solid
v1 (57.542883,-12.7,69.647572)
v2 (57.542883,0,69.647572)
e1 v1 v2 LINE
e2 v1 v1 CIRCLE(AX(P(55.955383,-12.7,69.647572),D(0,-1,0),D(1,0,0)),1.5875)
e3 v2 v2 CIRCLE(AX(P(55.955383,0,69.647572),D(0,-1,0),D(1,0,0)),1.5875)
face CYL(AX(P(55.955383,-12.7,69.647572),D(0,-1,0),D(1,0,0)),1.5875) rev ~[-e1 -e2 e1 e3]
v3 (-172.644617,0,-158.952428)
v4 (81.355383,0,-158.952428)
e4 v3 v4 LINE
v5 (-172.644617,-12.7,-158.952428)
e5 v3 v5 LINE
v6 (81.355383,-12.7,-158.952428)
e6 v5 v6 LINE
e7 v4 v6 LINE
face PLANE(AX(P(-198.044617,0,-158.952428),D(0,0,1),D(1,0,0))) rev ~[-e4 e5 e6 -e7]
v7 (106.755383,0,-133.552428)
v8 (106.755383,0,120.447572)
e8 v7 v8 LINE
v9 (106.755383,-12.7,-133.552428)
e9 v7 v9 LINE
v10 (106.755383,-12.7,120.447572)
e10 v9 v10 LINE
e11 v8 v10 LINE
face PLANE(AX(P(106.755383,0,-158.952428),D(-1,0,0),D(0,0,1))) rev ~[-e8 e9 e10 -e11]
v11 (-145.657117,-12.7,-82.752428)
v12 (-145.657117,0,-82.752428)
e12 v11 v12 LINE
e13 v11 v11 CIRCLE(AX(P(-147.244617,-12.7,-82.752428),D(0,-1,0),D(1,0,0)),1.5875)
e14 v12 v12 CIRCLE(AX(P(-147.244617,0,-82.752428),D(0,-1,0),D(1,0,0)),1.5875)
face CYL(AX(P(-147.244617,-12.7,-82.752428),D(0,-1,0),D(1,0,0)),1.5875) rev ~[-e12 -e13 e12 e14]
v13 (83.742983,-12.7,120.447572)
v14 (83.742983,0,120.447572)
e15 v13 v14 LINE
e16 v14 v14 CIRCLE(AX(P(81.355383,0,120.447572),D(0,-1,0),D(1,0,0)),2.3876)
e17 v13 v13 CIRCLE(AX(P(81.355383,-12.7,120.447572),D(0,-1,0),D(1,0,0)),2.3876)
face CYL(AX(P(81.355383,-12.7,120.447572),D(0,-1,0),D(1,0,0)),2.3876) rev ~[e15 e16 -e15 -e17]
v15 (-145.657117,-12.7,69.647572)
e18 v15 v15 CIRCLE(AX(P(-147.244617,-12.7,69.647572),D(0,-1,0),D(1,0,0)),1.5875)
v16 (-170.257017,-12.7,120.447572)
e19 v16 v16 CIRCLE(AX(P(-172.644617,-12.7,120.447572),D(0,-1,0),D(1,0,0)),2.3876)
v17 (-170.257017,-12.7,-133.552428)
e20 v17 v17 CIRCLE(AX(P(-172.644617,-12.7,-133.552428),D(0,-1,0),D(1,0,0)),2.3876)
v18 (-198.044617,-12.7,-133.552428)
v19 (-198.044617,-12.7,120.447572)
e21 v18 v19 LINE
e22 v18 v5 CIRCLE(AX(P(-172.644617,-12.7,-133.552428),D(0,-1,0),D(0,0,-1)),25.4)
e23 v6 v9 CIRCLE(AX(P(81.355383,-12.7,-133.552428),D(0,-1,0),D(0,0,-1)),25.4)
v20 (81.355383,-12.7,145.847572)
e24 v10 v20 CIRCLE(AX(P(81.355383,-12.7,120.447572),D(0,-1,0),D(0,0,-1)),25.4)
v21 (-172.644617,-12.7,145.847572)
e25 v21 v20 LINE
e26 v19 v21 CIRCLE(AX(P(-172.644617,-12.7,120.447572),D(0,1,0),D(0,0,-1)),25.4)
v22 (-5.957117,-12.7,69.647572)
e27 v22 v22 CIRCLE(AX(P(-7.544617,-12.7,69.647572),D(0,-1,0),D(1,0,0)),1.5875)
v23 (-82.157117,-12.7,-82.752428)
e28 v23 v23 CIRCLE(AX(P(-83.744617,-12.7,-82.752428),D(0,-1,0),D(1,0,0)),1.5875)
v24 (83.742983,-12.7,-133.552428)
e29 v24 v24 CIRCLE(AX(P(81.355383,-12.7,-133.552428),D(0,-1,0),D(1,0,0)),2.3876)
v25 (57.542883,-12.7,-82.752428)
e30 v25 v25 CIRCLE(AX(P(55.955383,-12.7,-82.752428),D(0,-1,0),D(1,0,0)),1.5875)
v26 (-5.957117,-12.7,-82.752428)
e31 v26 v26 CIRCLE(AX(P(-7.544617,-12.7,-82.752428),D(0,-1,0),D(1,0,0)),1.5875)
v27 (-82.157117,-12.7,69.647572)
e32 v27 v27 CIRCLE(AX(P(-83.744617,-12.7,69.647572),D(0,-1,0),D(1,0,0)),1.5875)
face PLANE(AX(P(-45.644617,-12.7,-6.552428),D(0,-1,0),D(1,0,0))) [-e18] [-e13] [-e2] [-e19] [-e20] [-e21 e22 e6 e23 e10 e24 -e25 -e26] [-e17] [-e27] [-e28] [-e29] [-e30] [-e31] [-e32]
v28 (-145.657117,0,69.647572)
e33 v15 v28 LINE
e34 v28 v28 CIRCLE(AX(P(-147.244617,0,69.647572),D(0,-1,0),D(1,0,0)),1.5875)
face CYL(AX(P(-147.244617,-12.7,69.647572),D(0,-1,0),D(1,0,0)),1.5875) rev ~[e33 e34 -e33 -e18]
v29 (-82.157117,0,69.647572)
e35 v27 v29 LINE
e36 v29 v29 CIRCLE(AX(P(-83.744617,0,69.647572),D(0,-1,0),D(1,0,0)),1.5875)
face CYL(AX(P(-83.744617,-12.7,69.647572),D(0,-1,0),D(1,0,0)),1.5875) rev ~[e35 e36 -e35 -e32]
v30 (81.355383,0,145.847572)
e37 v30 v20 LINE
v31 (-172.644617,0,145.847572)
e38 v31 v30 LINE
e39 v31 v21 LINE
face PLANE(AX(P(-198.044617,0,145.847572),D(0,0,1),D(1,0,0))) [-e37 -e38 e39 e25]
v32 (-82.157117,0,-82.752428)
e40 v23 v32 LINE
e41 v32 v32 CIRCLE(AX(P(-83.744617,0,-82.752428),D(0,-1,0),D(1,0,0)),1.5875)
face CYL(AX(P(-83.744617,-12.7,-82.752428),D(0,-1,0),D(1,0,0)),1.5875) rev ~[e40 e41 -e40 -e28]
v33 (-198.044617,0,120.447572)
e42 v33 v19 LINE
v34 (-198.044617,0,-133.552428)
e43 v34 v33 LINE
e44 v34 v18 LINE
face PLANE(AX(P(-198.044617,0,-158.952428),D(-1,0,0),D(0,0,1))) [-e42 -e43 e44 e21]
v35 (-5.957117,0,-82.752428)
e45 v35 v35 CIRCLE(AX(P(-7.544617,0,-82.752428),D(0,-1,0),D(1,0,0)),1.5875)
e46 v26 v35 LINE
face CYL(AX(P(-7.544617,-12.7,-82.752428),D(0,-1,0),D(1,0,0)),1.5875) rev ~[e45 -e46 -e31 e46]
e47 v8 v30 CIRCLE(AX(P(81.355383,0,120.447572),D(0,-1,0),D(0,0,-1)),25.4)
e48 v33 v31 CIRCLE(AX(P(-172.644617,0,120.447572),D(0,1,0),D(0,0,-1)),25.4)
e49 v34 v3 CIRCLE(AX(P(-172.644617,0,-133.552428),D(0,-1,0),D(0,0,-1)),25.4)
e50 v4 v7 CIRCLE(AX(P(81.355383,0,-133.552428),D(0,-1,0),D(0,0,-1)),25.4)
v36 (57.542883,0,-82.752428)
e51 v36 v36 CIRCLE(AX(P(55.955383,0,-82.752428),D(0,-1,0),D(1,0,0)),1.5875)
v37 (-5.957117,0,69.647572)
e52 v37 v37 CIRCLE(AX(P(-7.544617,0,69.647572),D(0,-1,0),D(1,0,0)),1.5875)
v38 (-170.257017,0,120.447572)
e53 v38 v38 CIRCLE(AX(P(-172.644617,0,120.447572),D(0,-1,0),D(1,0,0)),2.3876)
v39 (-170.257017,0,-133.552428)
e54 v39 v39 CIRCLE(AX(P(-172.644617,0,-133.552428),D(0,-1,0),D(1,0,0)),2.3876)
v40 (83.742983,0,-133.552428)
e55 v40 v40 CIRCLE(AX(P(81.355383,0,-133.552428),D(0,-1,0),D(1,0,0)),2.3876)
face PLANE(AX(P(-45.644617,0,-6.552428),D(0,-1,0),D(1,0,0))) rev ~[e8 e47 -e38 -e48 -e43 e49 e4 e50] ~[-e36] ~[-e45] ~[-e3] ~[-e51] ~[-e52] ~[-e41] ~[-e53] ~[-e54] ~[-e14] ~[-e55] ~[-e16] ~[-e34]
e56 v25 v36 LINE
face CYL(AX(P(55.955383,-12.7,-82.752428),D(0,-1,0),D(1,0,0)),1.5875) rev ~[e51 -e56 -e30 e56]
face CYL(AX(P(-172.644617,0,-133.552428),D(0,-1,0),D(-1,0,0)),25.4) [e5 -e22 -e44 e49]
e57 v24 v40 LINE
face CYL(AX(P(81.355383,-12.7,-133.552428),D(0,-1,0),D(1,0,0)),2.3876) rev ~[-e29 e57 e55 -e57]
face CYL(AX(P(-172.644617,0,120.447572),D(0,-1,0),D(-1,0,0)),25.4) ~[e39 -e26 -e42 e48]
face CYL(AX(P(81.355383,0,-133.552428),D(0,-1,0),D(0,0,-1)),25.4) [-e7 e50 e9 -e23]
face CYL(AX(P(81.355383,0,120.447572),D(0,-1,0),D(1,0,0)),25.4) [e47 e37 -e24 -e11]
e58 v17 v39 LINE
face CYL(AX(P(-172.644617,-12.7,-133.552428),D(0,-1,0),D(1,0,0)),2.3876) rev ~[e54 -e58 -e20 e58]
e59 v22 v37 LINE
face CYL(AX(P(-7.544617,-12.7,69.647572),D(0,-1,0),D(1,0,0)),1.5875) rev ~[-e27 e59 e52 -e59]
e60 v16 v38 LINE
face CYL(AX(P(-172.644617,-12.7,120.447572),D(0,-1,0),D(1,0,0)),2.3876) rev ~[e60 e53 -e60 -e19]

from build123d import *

# Parameters (mm, degrees)
F0_W     = 304.8
F0_H     = 304.8
F1_DEPTH = 12.7
F2_R     = 25.4
F3_R     = 2.3876
F4_DEPTH = 12.701
F5_R     = 1.5875
F6_DEPTH = 12.701


with BuildPart() as f1:
    # F0 (on Front) → F1 (new body)
    with BuildSketch(Plane.XZ):
        with Locations((-45.644617, -6.552428)):
            Rectangle(F0_W, F0_H)
    extrude(amount=F1_DEPTH)

    # F2
    f2_edges = [f1.edges().sort_by_distance(p)[0] for p in [
        (-198.044617, -6.35, 145.847572),
        (106.755383, -6.35, 145.847572),
        (-198.044617, -6.35, -158.952428),
        (106.755383, -6.35, -158.952428),
    ]]
    fillet(f2_edges, radius=F2_R)

    # F3 (on face) → F4 (cut, through all)
    with BuildSketch(Plane.XZ.offset(12.7)):
        with Locations((-172.644617, -133.552428)):
            Circle(F3_R)
        with Locations((81.355383, -133.552428)):
            Circle(F3_R)
        with Locations((81.355383, 120.447572)):
            Circle(F3_R)
        with Locations((-172.644617, 120.447572)):
            Circle(F3_R)
    extrude(amount=-F4_DEPTH, mode=Mode.SUBTRACT)

    # F5 (on face) → F6 (cut, through all)
    with BuildSketch(Plane.XZ.offset(12.7)):
        with Locations((-147.244617, 69.647572)):
            Circle(F5_R)
        with Locations((-83.744617, 69.647572)):
            Circle(F5_R)
        with Locations((-7.544617, 69.647572)):
            Circle(F5_R)
        with Locations((55.955383, 69.647572)):
            Circle(F5_R)
        with Locations((-147.244617, -82.752428)):
            Circle(F5_R)
        with Locations((-83.744617, -82.752428)):
            Circle(F5_R)
        with Locations((-7.544617, -82.752428)):
            Circle(F5_R)
        with Locations((55.955383, -82.752428)):
            Circle(F5_R)
    extrude(amount=-F6_DEPTH, mode=Mode.SUBTRACT)


solid = f1.part
